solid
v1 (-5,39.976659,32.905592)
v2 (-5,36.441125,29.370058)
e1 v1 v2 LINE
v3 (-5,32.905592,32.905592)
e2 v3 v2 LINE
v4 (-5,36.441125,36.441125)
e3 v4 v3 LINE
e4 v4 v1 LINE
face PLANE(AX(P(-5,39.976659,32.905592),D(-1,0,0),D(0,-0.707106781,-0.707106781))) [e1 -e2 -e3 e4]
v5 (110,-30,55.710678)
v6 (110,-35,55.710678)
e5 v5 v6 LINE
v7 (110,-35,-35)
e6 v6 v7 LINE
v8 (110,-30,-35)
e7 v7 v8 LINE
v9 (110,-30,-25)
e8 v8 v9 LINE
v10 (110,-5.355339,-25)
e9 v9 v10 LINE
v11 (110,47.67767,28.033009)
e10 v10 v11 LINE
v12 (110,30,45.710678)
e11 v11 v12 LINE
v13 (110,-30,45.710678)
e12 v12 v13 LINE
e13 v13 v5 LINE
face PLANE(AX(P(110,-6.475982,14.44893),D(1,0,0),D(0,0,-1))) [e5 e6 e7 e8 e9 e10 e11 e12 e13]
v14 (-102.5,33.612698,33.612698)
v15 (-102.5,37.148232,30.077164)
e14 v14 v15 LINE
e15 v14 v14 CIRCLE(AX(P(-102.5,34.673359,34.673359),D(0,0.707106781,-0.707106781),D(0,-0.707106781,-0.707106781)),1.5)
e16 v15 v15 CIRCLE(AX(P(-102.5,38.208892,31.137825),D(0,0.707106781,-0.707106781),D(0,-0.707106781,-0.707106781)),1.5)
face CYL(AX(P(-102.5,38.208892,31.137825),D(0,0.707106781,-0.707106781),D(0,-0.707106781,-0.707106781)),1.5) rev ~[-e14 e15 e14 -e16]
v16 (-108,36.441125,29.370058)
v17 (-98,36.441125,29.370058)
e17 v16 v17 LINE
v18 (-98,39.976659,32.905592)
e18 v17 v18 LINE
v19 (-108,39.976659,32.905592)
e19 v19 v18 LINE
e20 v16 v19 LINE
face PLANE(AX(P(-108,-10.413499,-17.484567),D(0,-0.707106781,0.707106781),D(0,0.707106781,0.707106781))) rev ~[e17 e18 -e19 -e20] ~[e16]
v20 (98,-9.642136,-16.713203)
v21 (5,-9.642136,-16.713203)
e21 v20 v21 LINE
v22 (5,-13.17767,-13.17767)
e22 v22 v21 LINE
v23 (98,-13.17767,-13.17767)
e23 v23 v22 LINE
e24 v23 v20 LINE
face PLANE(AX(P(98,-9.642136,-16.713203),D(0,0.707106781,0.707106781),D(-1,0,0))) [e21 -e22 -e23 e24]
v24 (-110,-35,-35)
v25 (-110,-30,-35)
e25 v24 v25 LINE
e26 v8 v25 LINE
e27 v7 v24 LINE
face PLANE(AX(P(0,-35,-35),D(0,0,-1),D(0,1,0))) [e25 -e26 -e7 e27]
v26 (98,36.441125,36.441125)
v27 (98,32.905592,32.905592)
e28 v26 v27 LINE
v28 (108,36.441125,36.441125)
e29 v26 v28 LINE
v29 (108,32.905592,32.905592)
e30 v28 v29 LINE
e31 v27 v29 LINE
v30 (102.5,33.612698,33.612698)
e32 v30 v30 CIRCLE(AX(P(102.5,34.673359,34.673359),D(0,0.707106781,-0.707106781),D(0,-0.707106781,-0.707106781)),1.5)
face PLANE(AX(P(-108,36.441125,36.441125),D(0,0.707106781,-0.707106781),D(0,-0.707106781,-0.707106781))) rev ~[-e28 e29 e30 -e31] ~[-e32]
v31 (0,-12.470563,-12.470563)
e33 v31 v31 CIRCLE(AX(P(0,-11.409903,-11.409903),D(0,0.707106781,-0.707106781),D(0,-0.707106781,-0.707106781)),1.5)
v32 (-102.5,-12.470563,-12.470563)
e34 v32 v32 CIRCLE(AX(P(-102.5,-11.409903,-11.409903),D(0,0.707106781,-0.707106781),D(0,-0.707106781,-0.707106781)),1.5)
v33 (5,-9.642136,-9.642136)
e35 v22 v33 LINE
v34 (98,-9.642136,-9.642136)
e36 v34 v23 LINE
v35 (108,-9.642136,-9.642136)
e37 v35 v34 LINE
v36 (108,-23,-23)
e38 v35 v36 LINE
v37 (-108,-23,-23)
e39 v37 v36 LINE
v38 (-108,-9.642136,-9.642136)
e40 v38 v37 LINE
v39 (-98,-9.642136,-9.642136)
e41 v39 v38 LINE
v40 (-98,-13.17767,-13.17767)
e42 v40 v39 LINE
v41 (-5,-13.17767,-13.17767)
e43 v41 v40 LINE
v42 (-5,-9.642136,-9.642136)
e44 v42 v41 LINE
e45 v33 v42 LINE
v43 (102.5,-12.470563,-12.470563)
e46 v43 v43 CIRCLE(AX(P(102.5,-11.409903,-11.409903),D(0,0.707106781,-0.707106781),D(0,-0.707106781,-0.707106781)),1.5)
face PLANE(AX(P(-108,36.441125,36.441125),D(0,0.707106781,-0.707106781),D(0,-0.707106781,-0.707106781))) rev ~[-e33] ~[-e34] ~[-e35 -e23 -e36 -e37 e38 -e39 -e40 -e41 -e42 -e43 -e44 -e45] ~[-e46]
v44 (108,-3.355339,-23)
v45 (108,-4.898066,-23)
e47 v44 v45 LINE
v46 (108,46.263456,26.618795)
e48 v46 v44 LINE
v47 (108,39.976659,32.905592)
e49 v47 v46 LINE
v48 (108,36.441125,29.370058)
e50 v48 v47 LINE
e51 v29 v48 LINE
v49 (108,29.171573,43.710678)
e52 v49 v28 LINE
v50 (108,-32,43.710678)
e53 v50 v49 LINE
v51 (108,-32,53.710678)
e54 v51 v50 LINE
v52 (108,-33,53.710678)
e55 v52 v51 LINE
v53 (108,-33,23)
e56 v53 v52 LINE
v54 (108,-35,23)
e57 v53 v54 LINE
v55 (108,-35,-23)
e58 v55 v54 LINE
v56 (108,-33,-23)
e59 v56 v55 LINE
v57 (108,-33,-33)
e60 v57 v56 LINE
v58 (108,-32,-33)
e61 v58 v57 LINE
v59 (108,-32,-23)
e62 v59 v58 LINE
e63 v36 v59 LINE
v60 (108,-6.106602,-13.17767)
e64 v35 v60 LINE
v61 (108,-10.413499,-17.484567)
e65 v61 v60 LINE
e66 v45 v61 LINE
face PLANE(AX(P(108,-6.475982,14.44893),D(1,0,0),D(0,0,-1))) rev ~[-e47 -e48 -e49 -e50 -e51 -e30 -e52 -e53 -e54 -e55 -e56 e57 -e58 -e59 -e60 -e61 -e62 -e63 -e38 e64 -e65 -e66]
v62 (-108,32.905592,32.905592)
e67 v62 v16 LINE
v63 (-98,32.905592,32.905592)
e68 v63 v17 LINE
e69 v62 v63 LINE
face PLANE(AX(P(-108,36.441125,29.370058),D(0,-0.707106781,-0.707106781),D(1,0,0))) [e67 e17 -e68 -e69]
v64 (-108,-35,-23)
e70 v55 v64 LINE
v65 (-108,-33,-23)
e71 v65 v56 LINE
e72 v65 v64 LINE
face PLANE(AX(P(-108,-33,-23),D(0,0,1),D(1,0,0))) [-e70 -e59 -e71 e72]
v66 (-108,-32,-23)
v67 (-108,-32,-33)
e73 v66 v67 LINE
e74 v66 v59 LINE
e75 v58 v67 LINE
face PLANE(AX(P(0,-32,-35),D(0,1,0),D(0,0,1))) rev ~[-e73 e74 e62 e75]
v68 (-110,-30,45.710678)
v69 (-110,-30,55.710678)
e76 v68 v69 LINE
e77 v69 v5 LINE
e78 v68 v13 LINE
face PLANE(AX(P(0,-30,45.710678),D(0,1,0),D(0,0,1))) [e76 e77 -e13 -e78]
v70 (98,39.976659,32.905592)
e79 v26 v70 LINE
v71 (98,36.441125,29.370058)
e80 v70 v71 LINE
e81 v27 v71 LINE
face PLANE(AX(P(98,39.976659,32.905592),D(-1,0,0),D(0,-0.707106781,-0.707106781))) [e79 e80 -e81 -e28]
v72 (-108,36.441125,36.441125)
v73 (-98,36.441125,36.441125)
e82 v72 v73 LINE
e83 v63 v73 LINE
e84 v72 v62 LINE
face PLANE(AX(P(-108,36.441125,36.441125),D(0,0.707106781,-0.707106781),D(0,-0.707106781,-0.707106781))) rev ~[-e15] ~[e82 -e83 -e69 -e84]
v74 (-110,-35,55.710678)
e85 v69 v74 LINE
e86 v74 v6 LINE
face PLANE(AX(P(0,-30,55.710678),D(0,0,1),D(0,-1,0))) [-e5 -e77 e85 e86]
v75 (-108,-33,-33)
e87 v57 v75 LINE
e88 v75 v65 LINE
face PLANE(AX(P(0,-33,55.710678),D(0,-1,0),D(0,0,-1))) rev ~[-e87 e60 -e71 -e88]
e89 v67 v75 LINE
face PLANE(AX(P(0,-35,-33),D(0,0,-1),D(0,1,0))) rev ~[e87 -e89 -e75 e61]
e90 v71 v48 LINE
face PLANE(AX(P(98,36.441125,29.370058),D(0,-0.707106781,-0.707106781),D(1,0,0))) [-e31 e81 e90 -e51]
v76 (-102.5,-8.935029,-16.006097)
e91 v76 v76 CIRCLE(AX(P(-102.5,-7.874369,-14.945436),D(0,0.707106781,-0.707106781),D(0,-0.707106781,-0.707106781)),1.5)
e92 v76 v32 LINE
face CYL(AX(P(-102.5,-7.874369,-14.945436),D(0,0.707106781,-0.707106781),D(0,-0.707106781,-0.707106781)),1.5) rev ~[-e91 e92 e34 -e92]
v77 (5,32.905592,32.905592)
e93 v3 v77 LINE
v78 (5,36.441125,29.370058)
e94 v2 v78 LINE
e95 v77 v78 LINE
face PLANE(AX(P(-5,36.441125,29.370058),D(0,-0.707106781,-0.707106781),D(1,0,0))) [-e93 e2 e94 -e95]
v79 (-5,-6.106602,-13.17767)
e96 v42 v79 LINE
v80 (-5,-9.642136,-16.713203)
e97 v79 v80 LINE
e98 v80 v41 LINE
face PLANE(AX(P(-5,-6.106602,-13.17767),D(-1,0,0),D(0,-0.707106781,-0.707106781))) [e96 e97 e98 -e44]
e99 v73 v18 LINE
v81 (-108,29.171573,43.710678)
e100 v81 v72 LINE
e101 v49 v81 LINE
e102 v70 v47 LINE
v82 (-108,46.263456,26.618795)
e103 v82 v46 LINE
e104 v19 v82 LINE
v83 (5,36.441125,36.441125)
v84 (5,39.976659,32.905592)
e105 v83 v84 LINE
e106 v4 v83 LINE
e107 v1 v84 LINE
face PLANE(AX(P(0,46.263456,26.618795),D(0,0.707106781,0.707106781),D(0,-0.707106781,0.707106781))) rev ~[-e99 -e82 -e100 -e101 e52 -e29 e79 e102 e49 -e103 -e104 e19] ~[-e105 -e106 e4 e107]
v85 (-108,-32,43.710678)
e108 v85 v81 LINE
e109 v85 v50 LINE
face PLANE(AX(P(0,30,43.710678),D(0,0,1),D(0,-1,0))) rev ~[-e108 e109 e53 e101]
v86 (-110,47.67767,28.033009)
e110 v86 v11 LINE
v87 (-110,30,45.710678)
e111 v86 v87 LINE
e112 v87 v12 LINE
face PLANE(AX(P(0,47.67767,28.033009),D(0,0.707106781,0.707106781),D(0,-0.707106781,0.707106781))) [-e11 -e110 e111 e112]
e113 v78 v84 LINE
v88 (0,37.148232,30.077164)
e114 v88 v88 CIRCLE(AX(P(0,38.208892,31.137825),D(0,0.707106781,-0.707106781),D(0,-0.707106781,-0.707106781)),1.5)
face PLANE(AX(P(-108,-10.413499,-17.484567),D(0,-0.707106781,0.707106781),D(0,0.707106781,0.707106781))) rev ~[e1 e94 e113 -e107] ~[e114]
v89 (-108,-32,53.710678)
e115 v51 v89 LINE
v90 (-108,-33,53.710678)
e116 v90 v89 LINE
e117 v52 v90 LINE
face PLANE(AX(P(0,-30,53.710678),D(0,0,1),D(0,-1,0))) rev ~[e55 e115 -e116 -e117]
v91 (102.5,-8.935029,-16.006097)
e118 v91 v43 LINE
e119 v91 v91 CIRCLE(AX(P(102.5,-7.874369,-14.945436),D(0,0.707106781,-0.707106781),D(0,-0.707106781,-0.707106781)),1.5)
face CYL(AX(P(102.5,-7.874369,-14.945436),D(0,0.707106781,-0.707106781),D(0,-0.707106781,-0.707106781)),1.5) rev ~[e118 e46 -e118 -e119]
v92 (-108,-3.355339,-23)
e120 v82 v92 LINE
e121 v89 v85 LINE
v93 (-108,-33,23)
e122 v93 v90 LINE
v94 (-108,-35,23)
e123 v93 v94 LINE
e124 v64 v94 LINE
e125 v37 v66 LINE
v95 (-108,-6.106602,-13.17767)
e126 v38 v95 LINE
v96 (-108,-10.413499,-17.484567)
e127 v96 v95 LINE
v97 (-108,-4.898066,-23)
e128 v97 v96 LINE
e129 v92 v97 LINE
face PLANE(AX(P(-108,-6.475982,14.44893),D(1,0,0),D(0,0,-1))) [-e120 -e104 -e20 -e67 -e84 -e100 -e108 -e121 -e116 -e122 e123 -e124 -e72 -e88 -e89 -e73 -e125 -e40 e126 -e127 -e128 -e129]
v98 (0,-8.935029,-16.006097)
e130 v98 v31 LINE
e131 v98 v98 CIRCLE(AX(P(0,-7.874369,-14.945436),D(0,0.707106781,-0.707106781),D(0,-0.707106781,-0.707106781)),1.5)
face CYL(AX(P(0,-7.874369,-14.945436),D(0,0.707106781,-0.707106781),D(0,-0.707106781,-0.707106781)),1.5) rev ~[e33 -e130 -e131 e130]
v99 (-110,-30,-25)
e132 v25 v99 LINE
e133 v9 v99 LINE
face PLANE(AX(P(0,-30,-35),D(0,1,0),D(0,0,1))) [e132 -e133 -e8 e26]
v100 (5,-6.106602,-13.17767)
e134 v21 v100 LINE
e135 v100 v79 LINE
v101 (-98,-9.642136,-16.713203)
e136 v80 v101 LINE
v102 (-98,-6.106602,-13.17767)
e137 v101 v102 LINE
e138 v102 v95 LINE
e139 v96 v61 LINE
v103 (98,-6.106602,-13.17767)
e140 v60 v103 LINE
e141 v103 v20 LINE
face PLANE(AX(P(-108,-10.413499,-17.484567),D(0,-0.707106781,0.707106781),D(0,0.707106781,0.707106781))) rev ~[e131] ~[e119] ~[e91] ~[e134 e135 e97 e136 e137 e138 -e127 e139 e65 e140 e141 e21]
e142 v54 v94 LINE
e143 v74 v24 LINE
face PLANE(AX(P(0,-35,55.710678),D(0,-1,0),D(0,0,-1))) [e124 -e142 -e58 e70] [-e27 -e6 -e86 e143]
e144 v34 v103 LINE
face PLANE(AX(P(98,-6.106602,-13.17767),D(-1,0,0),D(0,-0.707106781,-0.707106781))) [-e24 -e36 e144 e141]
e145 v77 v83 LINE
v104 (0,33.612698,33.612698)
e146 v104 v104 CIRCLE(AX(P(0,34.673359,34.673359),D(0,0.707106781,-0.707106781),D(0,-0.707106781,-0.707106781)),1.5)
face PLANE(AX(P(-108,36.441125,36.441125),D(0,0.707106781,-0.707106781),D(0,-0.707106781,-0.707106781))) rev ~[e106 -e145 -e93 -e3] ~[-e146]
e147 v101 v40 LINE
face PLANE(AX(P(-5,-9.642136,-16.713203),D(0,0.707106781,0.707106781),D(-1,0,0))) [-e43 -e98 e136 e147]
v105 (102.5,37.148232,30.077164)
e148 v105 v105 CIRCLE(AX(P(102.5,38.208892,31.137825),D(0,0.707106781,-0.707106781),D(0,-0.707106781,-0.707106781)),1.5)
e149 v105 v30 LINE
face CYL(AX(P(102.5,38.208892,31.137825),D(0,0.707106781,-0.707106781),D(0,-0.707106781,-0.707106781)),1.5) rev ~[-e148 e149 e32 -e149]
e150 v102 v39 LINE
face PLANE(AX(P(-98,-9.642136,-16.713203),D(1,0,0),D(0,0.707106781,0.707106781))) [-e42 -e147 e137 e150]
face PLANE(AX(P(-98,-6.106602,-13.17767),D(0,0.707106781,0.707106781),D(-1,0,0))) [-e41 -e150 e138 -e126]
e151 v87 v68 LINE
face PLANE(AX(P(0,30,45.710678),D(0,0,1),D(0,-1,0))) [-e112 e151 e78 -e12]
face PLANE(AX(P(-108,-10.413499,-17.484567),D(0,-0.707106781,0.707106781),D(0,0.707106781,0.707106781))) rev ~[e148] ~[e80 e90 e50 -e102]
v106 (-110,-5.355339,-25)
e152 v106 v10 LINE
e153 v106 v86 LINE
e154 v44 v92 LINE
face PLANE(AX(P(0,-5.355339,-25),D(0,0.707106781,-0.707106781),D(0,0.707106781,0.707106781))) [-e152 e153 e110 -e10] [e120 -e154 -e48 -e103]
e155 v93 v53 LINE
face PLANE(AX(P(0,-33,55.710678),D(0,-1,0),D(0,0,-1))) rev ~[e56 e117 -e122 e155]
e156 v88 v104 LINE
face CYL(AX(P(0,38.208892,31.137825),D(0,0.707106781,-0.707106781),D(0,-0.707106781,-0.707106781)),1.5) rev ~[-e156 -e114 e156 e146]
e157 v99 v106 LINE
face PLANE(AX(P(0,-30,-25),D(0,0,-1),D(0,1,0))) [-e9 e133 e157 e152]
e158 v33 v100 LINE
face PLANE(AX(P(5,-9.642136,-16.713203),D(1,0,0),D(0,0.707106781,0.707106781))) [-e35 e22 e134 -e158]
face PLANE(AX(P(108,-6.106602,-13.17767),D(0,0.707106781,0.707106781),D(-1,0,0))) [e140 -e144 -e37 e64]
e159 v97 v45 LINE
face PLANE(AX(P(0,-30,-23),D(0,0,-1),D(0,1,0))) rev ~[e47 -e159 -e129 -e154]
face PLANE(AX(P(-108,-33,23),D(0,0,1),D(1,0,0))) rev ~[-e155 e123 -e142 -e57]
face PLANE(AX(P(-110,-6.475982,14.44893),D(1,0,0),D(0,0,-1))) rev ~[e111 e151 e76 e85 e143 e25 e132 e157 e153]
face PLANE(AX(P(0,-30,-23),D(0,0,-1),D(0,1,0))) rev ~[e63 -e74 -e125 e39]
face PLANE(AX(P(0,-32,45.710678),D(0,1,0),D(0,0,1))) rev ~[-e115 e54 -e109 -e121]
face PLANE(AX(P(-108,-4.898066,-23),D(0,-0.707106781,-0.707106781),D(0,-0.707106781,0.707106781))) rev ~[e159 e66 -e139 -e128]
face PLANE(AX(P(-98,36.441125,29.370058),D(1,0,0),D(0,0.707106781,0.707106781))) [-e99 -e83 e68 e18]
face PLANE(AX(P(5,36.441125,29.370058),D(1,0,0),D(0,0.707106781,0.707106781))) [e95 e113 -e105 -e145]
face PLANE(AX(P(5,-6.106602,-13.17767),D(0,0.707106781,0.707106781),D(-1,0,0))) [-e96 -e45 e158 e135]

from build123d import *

# Parameters (mm, degrees)
BOSS_EXTRUDE1_DEPTH = 110
SHELL1_T            = -2
SKETCH3_W           = 216
SKETCH3_H           = 46
CUT_EXTRUDE1_DEPTH  = 10
BOSS_EXTRUDE2_REACH = 232.002
SKETCH6_R           = 1.5
CUT_EXTRUDE2_DEPTH  = 5


with BuildPart() as part:
    # Sketch2 → Boss-Extrude1 (new, symmetric)
    with BuildSketch(Plane(origin=(0, 0, 0), x_dir=(0, 0, -1), z_dir=(1, 0, 0))):
        Polygon((25, -30), (25, -5.355339059), (-28.033008589, 47.67766953), (-45.710678119, 30), (-45.710678119, -30), (-55.710678119, -30), (-55.710678119, -35), (-45.710678119, -35), (25, -35), (35, -35), (35, -30), align=None)
    extrude(amount=BOSS_EXTRUDE1_DEPTH, both=True)

    # Shell1
    shell1_openings = [part.faces().sort_by_distance(p)[0] for p in [
        (0, 21.161165235, 1.516504294),
    ]]
    offset(amount=SHELL1_T, openings=shell1_openings, kind=Kind.INTERSECTION)

    # Sketch3 → Cut-Extrude1 (cut)
    with BuildSketch(Plane(origin=(0, -33, 0), x_dir=(1, 0, 0), z_dir=(0, 1, 0))):
        Rectangle(SKETCH3_W, SKETCH3_H)
    extrude(amount=-CUT_EXTRUDE1_DEPTH, mode=Mode.SUBTRACT)

    # Sketch5 → Boss-Extrude2 (add, up to next)
    with BuildSketch(Plane(origin=(-108, 0, 0), x_dir=(0, 0, -1), z_dir=(1, 0, 0)), mode=Mode.PRIVATE) as boss_extrude2_sk1:
        Polygon((-36.441125497, 36.441125497), (23, -23), (23, -4.898066402), (17.484567107, -10.413499295), (-32.905591591, 39.976659403), align=None)
    boss_extrude2_tool1 = extrude(boss_extrude2_sk1.sketch, amount=BOSS_EXTRUDE2_REACH, mode=Mode.PRIVATE) - part.part
    add(boss_extrude2_tool1.solids().sort_by_distance((-108, 7.973571, 3.970996))[0])

    # Sketch6 → Cut-Extrude2 (cut, symmetric)
    with BuildSketch(Plane(origin=(0, 3.535533906, -3.535533906), x_dir=(1, 0, 0), z_dir=(0, 0.7071067811865476, -0.7071067811865475))):
        Polygon((-98, 13.636038969), (-108, 13.636038969), (-108, -46.535533906), (-98, -46.535533906), (-98, -51.535533906), (-5, -51.535533906), (-5, -46.535533906), (5, -46.535533906), (5, -51.535533906), (98, -51.535533906), (98, -46.535533906), (108, -46.535533906), (108, 13.636038969), (98, 13.636038969), (98, 18.636038969), (5, 18.636038969), (5, 13.636038969), (-5, 13.636038969), (-5, 18.636038969), (-98, 18.636038969), align=None)
        with Locations(Location((0, 16.136038969, 0), (0, 0, 90))):
            Circle(SKETCH6_R)
        with Locations(Location((-102.5, 16.136038969, 0), (0, 0, 90))):
            Circle(SKETCH6_R)
        with Locations(Location((102.5, 16.136038969, 0), (0, 0, 90))):
            Circle(SKETCH6_R)
        with Locations(Location((102.5, -49.035533906, 0), (0, 0, 90))):
            Circle(SKETCH6_R)
        with Locations(Location((0, -49.035533906, 0), (0, 0, 90))):
            Circle(SKETCH6_R)
        with Locations(Location((-102.5, -49.035533906, 0), (0, 0, 90))):
            Circle(SKETCH6_R)
    extrude(amount=CUT_EXTRUDE2_DEPTH, both=True, mode=Mode.SUBTRACT)


solid = part.part
